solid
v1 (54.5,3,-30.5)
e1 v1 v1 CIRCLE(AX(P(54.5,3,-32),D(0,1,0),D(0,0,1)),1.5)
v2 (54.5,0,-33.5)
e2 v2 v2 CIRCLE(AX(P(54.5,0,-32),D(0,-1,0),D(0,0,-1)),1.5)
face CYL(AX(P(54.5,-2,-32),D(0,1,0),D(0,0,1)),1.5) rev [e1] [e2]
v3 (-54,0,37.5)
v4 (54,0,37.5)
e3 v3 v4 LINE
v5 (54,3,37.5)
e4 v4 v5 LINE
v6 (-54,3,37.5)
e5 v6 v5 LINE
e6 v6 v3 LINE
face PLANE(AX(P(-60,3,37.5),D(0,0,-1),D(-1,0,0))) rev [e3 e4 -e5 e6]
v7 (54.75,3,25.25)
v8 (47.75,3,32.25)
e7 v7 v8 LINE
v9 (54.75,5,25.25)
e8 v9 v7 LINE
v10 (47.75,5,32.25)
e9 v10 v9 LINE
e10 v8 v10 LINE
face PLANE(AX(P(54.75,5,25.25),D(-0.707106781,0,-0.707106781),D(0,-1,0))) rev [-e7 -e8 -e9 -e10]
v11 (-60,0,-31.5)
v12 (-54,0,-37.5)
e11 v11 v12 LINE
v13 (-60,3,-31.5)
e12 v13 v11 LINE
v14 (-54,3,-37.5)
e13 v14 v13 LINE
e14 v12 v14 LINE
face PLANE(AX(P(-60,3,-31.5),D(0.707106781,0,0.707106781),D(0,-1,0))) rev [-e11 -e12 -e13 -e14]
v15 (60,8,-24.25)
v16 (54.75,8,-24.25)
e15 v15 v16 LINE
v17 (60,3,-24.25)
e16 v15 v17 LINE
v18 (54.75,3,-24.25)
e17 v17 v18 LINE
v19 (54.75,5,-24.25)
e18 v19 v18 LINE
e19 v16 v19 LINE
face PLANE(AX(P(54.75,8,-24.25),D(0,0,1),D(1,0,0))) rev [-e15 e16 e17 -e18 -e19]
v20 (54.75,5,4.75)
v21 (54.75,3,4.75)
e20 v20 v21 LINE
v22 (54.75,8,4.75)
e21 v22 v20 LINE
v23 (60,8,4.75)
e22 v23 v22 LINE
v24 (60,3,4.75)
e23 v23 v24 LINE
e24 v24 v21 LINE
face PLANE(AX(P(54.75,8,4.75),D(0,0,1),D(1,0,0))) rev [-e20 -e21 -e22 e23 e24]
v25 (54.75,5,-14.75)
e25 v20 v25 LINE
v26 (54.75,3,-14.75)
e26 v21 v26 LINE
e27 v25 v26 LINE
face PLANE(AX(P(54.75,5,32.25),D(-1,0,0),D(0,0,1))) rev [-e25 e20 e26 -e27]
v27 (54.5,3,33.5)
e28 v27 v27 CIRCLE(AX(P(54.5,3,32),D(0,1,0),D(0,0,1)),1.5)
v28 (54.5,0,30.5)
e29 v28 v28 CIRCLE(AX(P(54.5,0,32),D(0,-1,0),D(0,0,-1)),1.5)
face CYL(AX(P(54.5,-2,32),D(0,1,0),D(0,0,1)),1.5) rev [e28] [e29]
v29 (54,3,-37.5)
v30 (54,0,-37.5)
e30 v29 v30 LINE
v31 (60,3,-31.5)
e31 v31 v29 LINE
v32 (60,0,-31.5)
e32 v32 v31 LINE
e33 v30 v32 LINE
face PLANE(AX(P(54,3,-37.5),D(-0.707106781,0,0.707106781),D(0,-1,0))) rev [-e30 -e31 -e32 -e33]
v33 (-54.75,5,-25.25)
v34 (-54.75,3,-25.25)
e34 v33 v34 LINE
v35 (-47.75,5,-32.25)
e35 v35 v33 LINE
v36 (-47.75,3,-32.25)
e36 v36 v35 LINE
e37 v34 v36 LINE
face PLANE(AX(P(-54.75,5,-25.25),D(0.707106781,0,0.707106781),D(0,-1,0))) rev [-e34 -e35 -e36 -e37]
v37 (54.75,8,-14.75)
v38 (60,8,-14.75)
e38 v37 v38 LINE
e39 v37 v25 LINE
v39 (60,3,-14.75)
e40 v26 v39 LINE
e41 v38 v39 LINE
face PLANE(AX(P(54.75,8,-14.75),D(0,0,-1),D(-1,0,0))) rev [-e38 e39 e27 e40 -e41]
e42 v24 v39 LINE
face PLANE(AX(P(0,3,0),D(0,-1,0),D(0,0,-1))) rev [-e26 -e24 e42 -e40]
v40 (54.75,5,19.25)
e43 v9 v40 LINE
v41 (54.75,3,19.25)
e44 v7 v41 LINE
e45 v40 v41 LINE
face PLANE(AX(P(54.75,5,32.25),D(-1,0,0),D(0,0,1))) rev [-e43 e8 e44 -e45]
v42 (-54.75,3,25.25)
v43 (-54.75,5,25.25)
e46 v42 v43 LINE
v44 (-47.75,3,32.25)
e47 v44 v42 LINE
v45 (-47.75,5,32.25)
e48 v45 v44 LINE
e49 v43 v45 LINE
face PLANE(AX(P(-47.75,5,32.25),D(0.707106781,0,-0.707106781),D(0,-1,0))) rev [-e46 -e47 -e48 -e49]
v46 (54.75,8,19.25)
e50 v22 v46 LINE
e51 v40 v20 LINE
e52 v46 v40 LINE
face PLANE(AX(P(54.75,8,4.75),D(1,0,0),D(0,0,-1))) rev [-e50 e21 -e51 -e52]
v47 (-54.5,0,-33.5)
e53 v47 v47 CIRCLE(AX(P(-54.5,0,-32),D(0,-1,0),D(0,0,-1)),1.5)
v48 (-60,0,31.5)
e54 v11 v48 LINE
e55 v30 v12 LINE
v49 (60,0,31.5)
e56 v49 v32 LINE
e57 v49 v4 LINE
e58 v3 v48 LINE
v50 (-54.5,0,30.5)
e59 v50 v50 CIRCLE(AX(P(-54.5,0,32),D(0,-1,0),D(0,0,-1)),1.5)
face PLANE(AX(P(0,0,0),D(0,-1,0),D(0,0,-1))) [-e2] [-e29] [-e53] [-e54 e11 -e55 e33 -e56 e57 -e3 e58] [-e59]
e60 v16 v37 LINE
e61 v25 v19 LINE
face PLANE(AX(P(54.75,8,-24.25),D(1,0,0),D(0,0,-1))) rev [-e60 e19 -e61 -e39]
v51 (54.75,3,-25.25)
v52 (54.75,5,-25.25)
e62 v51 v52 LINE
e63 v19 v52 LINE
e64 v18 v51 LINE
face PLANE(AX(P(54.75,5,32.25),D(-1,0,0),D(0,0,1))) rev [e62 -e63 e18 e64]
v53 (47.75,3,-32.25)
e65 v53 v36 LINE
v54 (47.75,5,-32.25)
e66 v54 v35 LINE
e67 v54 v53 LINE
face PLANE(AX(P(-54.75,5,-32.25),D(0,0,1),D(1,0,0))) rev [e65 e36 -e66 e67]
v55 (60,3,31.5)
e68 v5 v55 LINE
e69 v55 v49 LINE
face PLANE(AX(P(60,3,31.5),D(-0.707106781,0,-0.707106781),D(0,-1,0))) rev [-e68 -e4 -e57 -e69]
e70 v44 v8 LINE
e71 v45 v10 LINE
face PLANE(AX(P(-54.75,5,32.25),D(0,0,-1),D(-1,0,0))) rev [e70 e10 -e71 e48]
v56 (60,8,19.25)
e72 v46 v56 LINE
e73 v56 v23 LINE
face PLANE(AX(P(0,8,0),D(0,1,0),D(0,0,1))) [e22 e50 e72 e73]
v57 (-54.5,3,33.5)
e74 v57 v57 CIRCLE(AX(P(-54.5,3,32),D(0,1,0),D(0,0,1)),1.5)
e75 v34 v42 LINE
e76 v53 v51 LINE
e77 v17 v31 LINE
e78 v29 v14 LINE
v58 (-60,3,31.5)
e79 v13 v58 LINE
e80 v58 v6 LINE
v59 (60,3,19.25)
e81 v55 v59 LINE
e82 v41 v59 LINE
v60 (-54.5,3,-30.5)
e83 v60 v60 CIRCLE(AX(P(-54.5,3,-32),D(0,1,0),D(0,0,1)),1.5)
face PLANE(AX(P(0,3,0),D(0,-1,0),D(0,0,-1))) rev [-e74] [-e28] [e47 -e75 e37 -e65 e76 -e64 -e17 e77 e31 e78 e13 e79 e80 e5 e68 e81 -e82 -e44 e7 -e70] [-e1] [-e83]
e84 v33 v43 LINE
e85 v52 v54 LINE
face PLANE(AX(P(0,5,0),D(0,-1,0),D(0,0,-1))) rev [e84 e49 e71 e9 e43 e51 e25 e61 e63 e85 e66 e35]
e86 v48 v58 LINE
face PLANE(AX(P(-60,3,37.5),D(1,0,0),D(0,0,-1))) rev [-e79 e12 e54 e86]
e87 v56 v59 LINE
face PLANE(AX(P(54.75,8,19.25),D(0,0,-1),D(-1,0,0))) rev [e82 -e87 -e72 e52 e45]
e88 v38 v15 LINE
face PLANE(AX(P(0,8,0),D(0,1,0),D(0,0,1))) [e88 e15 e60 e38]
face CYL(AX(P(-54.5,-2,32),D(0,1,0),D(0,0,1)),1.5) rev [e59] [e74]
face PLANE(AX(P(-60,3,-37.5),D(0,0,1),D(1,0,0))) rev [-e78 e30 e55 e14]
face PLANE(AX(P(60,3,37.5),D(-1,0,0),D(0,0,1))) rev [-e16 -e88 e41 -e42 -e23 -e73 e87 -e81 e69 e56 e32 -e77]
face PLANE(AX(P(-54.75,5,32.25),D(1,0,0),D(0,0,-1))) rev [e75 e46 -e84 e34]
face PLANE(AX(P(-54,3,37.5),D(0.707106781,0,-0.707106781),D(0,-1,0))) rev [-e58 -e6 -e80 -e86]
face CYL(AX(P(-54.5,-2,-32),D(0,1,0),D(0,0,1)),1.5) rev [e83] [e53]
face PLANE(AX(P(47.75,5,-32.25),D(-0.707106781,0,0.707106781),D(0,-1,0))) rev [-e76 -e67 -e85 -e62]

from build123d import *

# Parameters (mm, degrees)
SKETCH1_W           = 120
SKETCH1_H           = 75
BOSS_EXTRUDE1_DEPTH = 3
CHAMFER1_SIZE       = 6
SKETCH2_W           = 109.5
SKETCH2_H           = 64.5
BOSS_EXTRUDE2_DEPTH = 2
CHAMFER2_SIZE       = 7
SKETCH3_R           = 1.5
CUT_EXTRUDE1_DEPTH  = 5
SKETCH4_W           = 5.25
SKETCH4_H           = 9.5
SKETCH4_H_2         = 14.5
BOSS_EXTRUDE3_DEPTH = 5


with BuildPart() as part:
    # Sketch1 → Boss-Extrude1 (new body)
    with BuildSketch(Plane(origin=(0, 0, 0), x_dir=(1, 0, 0), z_dir=(0, 1, 0))):
        Rectangle(SKETCH1_W, SKETCH1_H)
    extrude(amount=BOSS_EXTRUDE1_DEPTH)

    # Chamfer1
    chamfer1_edges = [part.edges().sort_by_distance(p)[0] for p in [
        (60, 1.5, 37.5),
        (-60, 1.5, 37.5),
        (-60, 1.5, -37.5),
        (60, 1.5, -37.5),
    ]]
    chamfer(chamfer1_edges, length=CHAMFER1_SIZE)

    # Sketch2 → Boss-Extrude2 (add)
    with BuildSketch(Plane(origin=(0, 3, 0), x_dir=(1, 0, 0), z_dir=(0, 1, 0))):
        Rectangle(SKETCH2_W, SKETCH2_H)
    extrude(amount=BOSS_EXTRUDE2_DEPTH)

    # Chamfer2
    chamfer2_edges = [part.edges().sort_by_distance(p)[0] for p in [
        (54.75, 4, 32.25),
        (54.75, 4, -32.25),
        (-54.75, 4, -32.25),
        (-54.75, 4, 32.25),
    ]]
    chamfer(chamfer2_edges, length=CHAMFER2_SIZE)

    # Sketch3 → Cut-Extrude1 (cut)
    with BuildSketch(Plane(origin=(0, 3, 0), x_dir=(1, 0, 0), z_dir=(0, 1, 0))):
        with Locations(Location((-54.5, -32, 0), (0, 0, 270))):
            Circle(SKETCH3_R)
        with Locations(Location((-54.5, 32, 0), (0, 0, 270))):
            Circle(SKETCH3_R)
        with Locations(Location((54.5, 32, 0), (0, 0, 270))):
            Circle(SKETCH3_R)
        with Locations(Location((54.5, -32, 0), (0, 0, 270))):
            Circle(SKETCH3_R)
    extrude(amount=-CUT_EXTRUDE1_DEPTH, mode=Mode.SUBTRACT)

    # Sketch4 → Boss-Extrude3 (add)
    with BuildSketch(Plane(origin=(0, 3, 0), x_dir=(1, 0, 0), z_dir=(0, 1, 0))):
        with Locations((57.375, 19.5)):
            Rectangle(SKETCH4_W, SKETCH4_H)
        with Locations((57.375, -12)):
            Rectangle(SKETCH4_W, SKETCH4_H_2)
    extrude(amount=BOSS_EXTRUDE3_DEPTH)


solid = part.part
